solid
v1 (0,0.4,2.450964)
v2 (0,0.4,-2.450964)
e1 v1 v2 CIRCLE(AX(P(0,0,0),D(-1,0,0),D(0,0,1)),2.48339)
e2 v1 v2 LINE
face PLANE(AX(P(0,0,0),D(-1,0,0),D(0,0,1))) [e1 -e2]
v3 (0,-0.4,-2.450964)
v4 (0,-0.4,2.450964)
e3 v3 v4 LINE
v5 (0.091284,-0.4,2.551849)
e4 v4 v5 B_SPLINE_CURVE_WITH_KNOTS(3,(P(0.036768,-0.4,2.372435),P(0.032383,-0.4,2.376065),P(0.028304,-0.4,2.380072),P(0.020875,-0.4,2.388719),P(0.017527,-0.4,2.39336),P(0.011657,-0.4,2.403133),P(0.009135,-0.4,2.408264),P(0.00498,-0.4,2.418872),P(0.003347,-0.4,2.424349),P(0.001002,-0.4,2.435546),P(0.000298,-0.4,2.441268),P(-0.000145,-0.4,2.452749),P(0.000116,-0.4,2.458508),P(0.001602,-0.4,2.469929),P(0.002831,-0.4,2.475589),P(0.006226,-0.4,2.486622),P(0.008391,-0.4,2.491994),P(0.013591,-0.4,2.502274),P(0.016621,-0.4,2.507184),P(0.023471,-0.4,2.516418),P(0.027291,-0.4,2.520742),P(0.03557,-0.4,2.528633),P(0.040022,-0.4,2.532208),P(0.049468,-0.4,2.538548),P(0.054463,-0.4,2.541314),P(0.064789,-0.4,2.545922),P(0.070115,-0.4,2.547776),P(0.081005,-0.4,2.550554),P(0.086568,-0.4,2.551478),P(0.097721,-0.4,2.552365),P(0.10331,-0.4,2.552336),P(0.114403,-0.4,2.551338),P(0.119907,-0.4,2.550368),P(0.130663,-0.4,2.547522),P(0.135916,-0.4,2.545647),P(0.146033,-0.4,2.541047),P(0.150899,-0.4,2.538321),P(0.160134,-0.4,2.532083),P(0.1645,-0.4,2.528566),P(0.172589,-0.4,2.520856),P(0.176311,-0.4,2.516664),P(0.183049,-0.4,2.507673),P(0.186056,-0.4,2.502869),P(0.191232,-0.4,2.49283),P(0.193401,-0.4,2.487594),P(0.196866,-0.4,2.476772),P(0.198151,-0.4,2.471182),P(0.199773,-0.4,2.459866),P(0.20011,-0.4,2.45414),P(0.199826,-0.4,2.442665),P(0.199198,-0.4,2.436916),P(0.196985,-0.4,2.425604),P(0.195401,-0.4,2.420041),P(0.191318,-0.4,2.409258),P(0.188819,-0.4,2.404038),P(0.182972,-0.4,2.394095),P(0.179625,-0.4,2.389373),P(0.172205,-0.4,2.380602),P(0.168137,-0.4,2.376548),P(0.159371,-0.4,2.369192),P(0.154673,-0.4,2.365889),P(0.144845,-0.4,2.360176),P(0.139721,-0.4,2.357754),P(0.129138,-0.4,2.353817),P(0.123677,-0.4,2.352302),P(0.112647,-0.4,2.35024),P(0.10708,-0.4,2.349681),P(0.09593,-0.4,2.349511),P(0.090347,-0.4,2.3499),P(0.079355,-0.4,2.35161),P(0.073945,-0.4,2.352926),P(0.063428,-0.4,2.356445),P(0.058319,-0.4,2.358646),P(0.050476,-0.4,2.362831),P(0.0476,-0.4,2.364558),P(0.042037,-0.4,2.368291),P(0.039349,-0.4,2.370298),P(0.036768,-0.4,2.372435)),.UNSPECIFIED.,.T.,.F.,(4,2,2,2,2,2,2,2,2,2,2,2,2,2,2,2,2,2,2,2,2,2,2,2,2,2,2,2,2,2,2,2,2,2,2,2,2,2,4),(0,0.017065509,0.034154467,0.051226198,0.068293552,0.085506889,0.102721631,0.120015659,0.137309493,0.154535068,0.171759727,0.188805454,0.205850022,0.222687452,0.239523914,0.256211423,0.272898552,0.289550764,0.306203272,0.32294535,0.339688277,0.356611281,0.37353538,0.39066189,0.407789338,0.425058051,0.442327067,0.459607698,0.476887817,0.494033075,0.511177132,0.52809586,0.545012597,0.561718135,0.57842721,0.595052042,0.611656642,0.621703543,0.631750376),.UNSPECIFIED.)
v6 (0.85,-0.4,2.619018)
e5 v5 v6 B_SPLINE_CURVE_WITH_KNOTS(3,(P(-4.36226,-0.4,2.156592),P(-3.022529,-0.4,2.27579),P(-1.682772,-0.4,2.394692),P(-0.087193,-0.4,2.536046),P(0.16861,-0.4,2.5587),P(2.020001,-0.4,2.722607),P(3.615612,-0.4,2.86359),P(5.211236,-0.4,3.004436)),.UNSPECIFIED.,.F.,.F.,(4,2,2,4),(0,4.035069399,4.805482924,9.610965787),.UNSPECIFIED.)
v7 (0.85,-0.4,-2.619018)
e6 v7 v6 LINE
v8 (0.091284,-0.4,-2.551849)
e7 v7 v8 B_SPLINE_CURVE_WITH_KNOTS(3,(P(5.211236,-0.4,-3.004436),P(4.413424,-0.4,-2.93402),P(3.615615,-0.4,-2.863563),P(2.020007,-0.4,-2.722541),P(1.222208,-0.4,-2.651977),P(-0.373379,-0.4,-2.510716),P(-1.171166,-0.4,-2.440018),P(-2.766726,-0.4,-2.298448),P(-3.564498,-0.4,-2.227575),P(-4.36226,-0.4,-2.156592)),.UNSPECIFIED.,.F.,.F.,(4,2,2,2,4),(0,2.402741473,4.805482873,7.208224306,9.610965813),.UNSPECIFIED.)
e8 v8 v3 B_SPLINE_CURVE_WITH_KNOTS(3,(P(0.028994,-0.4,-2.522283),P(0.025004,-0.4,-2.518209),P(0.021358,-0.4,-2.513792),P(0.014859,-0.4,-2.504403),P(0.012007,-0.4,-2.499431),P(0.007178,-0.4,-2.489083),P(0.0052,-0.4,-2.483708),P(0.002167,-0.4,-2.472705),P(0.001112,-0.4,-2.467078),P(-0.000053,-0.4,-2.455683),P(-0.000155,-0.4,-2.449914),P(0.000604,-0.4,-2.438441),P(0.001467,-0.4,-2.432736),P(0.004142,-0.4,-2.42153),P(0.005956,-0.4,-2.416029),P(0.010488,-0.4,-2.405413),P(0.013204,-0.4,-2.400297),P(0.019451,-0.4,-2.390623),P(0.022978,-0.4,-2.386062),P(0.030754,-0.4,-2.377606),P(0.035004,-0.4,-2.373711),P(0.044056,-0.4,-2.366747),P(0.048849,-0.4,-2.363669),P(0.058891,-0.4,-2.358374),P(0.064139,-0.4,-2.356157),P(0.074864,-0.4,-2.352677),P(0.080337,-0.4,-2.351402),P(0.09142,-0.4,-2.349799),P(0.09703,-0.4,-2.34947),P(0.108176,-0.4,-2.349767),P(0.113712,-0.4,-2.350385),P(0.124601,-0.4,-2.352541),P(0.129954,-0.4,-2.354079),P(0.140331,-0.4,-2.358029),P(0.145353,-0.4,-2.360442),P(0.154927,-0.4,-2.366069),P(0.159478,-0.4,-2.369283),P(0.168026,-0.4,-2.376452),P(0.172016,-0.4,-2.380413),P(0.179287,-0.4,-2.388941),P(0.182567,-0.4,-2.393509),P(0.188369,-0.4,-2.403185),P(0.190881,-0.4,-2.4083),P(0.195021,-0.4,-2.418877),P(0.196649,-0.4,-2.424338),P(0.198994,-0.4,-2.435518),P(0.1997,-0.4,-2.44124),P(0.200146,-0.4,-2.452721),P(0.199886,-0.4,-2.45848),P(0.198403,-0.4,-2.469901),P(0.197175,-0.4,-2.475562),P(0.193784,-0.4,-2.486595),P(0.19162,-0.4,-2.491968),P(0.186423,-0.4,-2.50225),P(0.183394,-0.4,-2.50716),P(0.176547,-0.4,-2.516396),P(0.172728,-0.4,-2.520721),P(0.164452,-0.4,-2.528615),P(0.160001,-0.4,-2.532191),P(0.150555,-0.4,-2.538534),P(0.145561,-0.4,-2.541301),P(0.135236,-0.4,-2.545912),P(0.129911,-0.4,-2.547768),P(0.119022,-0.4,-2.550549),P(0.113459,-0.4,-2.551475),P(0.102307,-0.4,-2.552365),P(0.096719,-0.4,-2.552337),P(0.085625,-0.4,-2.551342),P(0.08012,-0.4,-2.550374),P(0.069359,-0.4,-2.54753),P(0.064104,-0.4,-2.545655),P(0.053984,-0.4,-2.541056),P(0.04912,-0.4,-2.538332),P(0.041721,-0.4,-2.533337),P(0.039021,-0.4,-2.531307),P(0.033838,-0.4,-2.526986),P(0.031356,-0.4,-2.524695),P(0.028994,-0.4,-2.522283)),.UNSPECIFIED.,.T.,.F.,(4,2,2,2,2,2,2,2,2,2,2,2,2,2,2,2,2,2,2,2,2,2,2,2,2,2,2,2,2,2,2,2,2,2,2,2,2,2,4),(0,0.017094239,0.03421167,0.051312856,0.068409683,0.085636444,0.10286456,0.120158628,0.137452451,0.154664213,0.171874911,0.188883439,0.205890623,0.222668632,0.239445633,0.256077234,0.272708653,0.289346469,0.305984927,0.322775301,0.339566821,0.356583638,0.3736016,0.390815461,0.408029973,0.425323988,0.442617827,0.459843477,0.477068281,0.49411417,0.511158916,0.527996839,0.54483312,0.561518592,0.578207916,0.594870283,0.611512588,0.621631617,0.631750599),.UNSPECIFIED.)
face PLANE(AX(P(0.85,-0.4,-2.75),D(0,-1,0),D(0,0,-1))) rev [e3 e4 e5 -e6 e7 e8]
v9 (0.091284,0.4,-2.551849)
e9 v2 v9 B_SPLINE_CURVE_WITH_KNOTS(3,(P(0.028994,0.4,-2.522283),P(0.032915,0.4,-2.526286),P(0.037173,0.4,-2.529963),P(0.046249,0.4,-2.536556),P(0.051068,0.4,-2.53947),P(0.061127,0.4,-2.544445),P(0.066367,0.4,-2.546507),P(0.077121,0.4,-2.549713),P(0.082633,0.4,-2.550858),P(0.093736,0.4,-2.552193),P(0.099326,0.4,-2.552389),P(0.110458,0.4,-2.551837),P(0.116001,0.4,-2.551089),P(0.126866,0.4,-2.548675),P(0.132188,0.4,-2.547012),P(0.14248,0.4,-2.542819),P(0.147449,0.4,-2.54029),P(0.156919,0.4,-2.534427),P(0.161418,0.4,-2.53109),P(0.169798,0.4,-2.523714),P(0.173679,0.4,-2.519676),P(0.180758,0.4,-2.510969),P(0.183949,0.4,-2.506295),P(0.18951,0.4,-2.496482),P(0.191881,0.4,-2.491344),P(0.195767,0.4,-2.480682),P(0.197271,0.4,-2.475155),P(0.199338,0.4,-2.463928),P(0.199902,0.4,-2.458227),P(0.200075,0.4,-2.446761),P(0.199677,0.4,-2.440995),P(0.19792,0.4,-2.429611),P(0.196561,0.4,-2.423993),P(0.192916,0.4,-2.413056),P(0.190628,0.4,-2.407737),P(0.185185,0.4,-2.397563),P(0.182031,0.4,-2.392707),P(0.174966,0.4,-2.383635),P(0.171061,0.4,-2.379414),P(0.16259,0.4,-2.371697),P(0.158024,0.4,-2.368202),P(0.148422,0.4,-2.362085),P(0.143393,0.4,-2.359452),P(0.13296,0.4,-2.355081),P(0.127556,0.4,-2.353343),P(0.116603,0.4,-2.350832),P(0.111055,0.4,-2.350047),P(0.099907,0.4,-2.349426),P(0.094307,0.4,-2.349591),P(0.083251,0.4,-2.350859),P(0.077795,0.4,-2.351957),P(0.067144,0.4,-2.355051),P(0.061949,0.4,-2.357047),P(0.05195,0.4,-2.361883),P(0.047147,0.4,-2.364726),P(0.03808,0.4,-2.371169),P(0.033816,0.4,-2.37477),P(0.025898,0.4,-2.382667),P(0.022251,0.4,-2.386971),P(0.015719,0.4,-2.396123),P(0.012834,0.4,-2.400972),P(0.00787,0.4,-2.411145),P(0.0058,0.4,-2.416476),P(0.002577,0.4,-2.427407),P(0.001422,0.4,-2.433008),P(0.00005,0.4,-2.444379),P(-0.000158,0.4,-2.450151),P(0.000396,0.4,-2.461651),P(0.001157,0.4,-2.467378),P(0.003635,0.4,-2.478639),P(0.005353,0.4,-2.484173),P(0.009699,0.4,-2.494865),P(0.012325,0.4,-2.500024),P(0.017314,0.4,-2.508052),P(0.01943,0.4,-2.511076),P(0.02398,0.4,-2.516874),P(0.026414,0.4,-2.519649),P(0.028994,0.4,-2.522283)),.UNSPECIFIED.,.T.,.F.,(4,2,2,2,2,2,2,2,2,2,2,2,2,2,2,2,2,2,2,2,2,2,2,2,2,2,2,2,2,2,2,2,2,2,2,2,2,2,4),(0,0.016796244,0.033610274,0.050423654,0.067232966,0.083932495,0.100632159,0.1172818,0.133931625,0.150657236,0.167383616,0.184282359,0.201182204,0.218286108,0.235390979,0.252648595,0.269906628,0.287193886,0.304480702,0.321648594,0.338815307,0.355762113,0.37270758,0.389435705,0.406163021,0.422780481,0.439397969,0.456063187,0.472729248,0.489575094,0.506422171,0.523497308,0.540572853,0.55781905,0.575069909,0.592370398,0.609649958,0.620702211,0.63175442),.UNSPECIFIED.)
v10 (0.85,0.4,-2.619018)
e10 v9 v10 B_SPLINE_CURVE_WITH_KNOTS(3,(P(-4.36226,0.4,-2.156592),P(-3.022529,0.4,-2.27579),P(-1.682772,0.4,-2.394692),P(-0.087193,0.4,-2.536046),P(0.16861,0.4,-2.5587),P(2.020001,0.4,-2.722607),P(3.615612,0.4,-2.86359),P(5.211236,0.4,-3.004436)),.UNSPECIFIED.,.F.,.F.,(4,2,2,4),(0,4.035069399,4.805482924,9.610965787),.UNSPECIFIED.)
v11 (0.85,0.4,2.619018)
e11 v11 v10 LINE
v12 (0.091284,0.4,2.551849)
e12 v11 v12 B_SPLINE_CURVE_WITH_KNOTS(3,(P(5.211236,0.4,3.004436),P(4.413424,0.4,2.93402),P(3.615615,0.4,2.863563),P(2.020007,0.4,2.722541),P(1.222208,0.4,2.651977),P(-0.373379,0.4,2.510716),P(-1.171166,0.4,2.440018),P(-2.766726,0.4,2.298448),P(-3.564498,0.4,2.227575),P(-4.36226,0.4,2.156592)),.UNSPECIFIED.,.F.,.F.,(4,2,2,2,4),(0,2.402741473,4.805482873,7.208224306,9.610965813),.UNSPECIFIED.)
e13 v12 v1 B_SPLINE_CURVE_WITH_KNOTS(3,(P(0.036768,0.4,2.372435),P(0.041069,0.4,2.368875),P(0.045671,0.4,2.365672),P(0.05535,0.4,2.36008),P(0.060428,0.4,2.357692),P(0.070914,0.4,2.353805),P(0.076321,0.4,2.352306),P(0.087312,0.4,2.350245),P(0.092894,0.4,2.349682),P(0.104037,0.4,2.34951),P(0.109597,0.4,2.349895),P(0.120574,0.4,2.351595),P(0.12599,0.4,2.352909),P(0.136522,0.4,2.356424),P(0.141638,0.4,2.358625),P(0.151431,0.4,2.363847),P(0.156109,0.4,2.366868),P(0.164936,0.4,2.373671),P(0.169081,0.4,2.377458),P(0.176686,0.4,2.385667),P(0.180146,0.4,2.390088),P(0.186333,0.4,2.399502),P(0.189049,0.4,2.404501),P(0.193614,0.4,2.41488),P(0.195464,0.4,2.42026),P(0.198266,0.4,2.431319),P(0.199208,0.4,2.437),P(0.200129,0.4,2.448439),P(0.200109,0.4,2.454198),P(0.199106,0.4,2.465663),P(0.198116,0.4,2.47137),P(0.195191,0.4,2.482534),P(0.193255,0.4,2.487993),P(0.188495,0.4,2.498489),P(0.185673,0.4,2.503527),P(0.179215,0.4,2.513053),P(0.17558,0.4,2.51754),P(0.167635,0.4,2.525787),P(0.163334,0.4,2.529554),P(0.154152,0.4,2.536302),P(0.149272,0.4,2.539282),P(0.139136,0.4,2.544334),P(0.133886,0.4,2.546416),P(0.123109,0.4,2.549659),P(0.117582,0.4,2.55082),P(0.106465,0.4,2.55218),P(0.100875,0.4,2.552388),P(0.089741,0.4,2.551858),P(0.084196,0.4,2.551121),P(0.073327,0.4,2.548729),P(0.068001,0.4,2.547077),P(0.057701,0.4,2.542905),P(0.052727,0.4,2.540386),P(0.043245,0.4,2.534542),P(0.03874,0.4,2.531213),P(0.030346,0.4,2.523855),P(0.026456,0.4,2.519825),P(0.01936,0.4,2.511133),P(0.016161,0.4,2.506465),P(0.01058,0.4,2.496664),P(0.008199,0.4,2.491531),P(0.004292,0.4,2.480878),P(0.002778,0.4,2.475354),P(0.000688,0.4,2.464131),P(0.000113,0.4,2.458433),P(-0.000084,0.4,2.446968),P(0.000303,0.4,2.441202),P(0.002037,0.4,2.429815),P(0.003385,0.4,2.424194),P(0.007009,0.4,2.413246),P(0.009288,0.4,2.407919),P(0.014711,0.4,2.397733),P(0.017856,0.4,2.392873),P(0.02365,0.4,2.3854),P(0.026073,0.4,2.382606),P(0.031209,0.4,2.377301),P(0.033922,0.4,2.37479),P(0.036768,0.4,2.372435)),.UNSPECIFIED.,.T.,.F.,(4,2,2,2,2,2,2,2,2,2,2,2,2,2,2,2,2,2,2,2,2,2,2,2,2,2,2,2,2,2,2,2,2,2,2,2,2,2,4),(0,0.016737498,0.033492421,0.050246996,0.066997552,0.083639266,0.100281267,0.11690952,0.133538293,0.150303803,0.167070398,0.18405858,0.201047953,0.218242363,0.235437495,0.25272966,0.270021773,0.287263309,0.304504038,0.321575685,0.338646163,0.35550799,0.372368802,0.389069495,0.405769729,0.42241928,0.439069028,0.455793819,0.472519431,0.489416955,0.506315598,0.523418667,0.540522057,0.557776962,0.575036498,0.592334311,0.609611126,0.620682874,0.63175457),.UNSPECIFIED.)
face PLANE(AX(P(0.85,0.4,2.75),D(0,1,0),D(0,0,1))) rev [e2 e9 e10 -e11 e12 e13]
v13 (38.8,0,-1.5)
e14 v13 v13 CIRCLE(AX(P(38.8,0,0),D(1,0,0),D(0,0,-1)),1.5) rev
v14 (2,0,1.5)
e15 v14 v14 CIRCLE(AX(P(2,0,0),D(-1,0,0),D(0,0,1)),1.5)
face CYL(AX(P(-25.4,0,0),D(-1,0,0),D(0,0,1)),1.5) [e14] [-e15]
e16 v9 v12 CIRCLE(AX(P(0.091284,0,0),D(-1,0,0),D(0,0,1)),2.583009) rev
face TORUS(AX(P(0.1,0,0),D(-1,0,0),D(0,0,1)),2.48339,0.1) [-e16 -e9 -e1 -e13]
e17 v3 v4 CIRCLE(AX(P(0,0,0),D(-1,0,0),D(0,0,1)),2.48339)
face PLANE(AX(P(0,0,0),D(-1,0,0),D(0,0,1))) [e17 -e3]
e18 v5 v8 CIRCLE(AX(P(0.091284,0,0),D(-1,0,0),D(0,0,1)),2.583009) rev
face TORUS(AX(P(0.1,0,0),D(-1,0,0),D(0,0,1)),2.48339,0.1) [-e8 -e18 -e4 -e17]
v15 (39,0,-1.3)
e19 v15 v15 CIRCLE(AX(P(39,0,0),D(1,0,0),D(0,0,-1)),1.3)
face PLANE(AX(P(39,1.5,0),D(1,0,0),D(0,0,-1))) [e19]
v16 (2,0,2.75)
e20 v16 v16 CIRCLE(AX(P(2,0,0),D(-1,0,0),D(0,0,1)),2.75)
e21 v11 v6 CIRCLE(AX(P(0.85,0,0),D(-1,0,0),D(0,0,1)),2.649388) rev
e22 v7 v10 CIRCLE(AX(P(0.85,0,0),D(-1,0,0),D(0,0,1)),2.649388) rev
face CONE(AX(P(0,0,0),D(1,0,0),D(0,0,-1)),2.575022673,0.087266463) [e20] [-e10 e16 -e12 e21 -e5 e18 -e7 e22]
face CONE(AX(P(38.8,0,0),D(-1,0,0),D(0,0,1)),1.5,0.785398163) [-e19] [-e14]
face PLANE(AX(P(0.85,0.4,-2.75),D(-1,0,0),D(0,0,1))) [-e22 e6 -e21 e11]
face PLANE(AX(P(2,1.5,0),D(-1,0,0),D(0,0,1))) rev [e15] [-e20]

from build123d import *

# Parameters (mm, degrees)
FILLET2_R     = 0.1
SKETCH2_W     = 5.5
SKETCH2_H     = 0.8
SLOT_DEPTH    = 0.85
CHAMFER1_SIZE = 0.2


with BuildPart() as part:
    # BodySke → Base-Revolve (revolve)
    with BuildSketch(Plane.XY):
        Polygon((2, 1.5), (2, 2.75), (0, 2.575022673), (0, 0), (39, 0), (39, 1.5), align=None)
    revolve(axis=Axis((-25.4, 0, 0), (1, 0, 0)))

    # Fillet2
    fillet2_edges = [part.edges().sort_by_distance(p)[0] for p in [
        (0, -2.575022673, 0),
    ]]
    fillet(fillet2_edges, radius=FILLET2_R)

    # Sketch2 → Slot (cut)
    with BuildSketch(Plane(origin=(0, 0, 0), x_dir=(0, 0, -1), z_dir=(1, 0, 0))):
        Rectangle(SKETCH2_W, SKETCH2_H)
    extrude(amount=SLOT_DEPTH, mode=Mode.SUBTRACT)

    # Chamfer1
    chamfer1_edges = [part.edges().sort_by_distance(p)[0] for p in [
        (39, -1.5, 0),
    ]]
    chamfer(chamfer1_edges, length=CHAMFER1_SIZE)


solid = part.part
